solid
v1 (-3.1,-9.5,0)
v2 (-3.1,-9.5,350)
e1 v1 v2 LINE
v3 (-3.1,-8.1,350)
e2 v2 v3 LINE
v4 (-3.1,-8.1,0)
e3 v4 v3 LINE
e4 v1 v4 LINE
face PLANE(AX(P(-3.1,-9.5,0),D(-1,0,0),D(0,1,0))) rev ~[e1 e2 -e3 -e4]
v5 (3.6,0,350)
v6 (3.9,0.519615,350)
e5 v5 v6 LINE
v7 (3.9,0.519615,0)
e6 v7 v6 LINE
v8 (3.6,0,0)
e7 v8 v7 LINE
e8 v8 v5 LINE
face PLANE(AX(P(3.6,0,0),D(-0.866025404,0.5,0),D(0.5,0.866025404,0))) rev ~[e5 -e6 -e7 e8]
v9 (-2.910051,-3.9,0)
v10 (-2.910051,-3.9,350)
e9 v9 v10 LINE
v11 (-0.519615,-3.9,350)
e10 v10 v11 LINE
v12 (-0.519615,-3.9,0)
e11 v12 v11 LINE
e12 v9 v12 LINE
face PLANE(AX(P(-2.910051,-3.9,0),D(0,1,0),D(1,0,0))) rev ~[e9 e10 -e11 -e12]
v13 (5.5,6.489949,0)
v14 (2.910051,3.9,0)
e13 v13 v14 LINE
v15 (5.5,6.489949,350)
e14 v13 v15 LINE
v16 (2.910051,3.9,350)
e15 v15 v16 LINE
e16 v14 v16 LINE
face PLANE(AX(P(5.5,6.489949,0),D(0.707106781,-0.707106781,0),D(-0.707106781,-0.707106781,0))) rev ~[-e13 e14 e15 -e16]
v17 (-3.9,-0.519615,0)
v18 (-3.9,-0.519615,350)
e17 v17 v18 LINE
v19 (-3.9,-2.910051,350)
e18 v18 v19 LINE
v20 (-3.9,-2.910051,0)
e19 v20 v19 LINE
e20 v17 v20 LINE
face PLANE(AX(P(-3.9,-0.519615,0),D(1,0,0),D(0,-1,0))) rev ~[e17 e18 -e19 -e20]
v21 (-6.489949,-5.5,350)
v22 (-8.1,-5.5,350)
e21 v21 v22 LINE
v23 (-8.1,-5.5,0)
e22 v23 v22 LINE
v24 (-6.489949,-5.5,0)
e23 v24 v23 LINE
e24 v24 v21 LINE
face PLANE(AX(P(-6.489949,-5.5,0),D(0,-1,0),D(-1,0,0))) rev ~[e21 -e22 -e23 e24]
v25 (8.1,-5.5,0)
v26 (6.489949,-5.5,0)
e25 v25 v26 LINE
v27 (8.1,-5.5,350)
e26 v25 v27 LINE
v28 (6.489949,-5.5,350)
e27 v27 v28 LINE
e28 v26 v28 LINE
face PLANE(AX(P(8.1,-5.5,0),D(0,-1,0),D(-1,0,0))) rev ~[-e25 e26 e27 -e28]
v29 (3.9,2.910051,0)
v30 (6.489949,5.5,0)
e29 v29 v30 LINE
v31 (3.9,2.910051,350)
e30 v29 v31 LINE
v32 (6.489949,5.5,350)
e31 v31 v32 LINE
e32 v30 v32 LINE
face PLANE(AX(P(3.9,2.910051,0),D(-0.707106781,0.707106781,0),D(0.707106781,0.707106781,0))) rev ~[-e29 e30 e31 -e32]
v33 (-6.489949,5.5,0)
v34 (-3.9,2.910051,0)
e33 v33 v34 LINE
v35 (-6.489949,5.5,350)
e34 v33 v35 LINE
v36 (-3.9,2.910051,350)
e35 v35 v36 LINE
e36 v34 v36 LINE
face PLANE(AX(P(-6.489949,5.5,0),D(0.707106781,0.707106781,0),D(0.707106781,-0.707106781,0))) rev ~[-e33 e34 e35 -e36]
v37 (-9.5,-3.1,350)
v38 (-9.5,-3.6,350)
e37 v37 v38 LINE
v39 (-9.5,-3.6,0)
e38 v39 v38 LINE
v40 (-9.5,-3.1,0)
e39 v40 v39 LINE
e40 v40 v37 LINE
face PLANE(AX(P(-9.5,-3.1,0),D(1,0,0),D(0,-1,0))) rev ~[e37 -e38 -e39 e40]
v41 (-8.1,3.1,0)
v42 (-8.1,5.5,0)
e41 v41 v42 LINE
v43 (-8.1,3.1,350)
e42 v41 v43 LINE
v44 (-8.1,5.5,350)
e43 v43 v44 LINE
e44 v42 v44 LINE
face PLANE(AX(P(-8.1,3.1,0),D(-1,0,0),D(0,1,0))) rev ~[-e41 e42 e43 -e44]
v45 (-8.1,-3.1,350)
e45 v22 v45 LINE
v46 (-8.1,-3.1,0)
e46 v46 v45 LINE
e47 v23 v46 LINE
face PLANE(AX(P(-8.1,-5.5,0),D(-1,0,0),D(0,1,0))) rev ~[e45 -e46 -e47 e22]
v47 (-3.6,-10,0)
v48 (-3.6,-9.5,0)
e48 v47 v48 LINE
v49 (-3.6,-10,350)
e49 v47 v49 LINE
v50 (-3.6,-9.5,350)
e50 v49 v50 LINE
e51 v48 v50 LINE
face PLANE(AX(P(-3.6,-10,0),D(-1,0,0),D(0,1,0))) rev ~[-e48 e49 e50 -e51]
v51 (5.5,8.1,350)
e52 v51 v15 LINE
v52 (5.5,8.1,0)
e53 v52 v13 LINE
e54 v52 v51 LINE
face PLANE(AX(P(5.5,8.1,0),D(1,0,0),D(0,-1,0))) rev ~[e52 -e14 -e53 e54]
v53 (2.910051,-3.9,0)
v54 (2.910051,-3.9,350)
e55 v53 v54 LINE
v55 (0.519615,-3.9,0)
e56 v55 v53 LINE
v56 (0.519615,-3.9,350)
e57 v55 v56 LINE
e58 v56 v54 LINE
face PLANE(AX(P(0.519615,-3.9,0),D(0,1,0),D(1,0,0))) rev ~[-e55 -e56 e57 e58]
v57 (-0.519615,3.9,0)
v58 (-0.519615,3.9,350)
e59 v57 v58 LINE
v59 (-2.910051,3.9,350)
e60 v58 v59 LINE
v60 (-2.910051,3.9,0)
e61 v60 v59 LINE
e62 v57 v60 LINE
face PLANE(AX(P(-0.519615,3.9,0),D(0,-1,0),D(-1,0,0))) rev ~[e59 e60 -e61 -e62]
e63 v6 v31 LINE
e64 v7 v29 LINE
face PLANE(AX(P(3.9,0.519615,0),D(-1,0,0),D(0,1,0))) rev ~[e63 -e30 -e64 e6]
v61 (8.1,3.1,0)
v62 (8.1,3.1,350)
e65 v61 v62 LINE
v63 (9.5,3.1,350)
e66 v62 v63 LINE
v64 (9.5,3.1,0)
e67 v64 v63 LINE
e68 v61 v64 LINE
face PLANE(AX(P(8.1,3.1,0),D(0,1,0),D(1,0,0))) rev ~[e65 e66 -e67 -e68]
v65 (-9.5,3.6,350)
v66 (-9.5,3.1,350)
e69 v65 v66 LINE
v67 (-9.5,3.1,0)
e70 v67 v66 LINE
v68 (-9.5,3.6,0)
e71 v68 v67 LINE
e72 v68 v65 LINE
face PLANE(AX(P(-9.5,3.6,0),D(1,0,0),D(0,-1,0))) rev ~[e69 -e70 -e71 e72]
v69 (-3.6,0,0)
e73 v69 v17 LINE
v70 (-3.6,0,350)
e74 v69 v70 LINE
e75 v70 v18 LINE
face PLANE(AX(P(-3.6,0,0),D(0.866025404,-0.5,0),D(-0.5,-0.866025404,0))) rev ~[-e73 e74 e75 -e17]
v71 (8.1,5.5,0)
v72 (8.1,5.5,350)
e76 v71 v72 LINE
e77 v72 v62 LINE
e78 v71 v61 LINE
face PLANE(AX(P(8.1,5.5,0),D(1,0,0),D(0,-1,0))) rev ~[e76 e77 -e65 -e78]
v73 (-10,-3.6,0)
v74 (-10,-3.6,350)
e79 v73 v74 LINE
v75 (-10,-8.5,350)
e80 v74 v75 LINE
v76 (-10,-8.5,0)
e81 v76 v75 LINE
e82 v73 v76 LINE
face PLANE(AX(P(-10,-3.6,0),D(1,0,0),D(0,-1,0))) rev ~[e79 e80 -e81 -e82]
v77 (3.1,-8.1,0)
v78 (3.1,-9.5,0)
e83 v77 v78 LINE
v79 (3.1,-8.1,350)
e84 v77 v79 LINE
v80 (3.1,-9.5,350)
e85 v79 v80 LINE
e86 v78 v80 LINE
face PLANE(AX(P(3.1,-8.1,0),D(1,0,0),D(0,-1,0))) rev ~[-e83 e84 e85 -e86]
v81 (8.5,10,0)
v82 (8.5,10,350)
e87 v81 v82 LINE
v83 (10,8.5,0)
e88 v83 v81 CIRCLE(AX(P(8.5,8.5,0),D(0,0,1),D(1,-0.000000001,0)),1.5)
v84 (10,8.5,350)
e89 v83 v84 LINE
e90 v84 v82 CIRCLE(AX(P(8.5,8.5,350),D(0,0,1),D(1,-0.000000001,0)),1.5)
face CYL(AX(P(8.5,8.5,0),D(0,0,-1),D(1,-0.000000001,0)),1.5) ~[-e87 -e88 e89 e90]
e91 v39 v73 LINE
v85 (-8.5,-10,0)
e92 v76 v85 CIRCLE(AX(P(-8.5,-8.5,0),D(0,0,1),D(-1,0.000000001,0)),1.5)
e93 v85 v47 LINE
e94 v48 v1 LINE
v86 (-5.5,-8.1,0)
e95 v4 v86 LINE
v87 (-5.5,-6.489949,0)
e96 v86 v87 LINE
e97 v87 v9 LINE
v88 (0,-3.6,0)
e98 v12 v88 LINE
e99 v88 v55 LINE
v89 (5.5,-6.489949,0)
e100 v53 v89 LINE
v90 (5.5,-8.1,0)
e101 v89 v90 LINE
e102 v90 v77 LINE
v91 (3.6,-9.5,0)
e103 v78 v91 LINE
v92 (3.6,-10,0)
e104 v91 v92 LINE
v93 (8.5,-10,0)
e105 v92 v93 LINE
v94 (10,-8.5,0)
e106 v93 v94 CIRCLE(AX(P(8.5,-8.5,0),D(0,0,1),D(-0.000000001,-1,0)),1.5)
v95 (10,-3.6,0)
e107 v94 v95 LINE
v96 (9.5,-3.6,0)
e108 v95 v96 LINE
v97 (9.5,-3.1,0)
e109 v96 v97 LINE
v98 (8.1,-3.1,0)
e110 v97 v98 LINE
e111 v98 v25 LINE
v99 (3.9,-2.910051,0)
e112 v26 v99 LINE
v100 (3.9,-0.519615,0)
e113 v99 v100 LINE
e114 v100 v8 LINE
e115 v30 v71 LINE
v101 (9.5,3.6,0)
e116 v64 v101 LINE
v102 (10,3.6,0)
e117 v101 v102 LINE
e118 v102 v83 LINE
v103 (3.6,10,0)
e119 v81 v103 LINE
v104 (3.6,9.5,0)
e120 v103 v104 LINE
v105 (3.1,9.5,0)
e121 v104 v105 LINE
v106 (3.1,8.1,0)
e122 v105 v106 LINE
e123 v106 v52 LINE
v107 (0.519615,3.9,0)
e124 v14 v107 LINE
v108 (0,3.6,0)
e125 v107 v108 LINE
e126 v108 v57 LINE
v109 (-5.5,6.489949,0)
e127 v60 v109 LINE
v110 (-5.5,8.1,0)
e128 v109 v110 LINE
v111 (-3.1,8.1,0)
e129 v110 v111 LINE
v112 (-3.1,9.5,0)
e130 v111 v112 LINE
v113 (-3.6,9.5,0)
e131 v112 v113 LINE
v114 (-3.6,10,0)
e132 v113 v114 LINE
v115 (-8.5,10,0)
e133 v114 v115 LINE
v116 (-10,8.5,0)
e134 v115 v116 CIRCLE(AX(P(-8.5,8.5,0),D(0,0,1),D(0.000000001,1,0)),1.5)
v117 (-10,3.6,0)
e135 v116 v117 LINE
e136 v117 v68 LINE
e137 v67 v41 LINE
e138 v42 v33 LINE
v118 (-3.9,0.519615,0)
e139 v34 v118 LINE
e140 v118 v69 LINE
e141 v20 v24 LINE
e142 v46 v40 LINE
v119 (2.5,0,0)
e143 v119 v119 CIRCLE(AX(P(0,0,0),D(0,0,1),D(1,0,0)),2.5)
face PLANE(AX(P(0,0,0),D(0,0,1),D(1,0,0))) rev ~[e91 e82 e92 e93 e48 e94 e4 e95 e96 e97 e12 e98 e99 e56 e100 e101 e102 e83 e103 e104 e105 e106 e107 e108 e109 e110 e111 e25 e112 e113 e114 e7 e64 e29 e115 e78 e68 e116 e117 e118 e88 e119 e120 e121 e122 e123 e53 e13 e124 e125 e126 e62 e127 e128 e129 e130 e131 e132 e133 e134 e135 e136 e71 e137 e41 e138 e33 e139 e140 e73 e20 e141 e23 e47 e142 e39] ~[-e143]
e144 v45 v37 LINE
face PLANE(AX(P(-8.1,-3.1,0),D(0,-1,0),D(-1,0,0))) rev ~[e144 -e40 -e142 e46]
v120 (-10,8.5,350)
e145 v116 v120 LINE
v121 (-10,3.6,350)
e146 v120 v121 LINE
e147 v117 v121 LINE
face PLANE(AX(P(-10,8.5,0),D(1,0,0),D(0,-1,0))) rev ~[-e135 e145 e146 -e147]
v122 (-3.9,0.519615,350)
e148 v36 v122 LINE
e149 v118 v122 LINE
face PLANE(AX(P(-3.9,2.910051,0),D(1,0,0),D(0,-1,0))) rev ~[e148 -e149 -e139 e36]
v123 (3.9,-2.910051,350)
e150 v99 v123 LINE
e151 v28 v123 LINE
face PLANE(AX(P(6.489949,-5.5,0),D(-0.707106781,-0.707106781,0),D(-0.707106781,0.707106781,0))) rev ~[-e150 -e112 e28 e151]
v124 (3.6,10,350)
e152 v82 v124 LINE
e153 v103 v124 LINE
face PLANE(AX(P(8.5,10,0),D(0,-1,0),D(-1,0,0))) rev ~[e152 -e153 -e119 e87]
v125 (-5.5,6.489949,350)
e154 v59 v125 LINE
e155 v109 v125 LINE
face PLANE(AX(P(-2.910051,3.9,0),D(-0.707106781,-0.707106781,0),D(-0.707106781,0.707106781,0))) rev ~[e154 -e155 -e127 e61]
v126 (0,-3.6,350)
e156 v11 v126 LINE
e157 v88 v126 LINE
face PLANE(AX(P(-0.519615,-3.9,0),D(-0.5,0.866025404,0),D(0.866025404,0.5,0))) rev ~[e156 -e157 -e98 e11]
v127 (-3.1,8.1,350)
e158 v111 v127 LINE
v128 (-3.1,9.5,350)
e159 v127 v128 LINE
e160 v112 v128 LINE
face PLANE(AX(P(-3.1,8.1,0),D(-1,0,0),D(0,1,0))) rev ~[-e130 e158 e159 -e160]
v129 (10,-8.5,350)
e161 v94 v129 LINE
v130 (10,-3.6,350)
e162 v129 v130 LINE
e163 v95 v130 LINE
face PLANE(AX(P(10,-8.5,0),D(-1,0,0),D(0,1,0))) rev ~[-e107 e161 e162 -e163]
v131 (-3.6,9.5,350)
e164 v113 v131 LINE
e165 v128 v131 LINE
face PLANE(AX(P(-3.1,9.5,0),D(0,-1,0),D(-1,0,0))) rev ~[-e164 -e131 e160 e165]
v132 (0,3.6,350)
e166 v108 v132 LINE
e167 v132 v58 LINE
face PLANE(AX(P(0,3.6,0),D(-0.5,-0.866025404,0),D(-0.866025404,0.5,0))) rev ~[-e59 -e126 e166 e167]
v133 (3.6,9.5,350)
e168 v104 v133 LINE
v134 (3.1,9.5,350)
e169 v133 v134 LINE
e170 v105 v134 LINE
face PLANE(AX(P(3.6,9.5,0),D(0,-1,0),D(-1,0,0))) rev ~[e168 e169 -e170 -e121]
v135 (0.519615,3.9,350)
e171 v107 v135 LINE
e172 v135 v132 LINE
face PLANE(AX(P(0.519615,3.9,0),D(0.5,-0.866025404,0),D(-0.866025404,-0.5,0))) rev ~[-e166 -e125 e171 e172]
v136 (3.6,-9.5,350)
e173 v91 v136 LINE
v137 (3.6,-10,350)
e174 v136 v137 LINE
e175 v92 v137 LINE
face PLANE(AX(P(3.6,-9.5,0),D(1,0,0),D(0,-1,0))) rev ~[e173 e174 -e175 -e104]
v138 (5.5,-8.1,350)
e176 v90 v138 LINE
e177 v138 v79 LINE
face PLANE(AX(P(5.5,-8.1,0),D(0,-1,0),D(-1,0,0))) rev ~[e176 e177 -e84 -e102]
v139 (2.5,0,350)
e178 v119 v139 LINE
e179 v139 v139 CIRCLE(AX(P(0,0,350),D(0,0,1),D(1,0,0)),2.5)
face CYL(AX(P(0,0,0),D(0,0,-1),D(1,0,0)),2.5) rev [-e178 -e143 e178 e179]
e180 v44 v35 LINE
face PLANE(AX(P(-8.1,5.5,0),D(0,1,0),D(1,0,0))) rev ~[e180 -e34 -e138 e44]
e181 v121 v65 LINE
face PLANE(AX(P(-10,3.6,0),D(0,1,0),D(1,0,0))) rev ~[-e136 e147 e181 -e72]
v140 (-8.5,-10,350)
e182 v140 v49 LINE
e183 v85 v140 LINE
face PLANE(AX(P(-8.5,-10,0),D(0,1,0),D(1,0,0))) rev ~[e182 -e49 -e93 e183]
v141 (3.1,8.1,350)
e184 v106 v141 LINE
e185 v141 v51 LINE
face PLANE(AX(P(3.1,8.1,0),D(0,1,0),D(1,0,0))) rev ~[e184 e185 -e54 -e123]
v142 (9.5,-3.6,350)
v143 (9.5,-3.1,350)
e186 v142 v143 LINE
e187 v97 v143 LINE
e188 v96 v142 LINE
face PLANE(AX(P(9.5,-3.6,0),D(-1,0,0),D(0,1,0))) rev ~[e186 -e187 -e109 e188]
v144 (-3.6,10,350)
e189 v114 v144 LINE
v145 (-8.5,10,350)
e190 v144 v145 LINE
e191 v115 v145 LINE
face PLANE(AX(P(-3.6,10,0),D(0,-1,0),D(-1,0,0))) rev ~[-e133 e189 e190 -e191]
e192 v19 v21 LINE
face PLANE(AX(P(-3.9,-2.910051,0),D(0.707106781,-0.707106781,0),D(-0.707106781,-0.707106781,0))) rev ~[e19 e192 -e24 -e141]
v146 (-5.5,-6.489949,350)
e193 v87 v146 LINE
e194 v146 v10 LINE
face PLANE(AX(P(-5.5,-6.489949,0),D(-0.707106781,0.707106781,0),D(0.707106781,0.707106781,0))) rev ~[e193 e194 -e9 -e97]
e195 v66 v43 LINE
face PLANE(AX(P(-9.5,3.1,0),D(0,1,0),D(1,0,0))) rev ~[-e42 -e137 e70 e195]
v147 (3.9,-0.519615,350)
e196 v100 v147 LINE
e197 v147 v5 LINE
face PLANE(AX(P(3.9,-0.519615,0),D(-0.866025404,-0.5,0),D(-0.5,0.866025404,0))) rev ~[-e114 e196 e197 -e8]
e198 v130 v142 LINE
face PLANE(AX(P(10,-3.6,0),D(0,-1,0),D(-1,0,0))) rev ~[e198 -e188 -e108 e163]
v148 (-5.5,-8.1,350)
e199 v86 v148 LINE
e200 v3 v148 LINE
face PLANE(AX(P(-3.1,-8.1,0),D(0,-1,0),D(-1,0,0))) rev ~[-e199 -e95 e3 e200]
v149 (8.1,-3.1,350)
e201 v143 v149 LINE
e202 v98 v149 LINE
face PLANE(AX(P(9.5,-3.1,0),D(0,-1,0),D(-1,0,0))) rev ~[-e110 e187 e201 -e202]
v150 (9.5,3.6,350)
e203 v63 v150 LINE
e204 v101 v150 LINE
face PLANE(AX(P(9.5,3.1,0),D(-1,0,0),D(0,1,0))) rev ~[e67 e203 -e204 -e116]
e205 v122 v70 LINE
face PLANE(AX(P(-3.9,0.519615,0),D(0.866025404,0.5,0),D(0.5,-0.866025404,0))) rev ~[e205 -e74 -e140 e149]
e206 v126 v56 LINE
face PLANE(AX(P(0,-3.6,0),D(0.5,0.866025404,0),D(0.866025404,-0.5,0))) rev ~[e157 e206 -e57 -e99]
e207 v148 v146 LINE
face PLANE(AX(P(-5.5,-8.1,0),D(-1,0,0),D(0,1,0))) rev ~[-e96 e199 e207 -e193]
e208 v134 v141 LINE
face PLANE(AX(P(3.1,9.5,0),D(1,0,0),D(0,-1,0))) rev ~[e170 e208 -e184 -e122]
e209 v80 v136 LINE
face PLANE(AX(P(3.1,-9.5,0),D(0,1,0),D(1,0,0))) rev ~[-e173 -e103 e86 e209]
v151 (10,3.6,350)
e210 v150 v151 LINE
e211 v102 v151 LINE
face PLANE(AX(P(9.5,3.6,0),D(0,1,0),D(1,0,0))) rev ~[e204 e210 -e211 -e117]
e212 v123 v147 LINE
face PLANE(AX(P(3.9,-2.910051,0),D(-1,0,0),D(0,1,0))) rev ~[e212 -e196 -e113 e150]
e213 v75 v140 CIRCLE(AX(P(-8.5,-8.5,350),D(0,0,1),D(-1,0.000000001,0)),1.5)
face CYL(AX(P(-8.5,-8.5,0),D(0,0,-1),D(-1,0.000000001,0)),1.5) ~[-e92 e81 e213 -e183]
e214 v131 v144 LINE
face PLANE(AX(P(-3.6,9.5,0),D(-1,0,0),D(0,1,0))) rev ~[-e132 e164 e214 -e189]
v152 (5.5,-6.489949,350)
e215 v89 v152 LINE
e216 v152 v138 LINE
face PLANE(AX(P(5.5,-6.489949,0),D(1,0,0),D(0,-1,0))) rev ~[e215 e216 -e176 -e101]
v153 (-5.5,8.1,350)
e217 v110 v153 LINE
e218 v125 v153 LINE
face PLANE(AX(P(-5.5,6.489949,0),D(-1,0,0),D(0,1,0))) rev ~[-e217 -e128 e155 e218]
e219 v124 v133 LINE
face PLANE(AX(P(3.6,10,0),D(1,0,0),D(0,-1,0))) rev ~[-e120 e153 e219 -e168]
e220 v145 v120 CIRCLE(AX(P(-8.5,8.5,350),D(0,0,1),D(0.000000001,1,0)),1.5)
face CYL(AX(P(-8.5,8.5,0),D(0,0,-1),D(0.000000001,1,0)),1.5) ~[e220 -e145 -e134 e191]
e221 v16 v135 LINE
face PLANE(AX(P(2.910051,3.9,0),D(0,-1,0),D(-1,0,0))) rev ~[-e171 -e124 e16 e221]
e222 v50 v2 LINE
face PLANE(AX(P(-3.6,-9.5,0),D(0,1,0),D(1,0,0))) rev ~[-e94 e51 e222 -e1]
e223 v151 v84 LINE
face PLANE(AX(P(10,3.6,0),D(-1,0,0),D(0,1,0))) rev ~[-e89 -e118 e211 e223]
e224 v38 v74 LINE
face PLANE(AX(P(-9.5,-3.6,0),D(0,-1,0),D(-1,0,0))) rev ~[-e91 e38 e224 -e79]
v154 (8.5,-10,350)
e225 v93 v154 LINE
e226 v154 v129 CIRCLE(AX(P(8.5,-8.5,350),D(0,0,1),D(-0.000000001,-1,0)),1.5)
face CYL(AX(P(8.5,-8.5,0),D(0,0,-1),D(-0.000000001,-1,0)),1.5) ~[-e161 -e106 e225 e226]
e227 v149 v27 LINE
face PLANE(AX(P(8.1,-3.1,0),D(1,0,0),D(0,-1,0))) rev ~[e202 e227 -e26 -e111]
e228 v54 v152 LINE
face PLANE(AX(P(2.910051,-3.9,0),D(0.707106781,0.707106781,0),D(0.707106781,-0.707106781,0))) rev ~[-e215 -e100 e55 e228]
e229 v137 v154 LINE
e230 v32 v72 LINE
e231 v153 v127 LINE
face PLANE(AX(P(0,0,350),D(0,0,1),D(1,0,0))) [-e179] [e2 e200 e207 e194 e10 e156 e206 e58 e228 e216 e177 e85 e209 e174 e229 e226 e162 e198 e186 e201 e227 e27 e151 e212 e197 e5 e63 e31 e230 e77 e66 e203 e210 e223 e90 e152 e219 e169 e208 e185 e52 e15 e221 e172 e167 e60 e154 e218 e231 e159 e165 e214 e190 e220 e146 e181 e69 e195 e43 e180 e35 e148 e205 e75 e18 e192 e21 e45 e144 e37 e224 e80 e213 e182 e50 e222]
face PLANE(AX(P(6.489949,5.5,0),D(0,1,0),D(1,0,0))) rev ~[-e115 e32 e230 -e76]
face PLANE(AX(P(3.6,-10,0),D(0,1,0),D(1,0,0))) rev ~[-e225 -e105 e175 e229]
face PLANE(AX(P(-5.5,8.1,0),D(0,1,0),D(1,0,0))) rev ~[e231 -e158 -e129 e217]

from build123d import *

# Parameters (mm, degrees)
SKETCH_28_R     = 2.5
EXTRUDE_1_DEPTH = 350


with BuildPart() as part:
    # 草图28 → 凸台-拉伸1 (new body)
    with BuildSketch(Plane.XY):
        with BuildLine():
            Line((-3.9, -0.519615242), (-3.9, -2.910050506))
            Line((-3.9, -2.910050506), (-6.489949494, -5.5))
            Line((-6.489949494, -5.5), (-8.1, -5.5))
            Line((-8.1, -5.5), (-8.1, -3.1))
            Line((-8.1, -3.1), (-9.5, -3.1))
            Line((-9.5, -3.1), (-9.5, -3.6))
            Line((-9.5, -3.6), (-10, -3.6))
            Line((-10, -3.6), (-10, -8.5))
            ThreePointArc((-10, -8.5), (-9.560660172, -9.560660172), (-8.5, -10))
            Line((-8.5, -10), (-3.6, -10))
            Line((-3.6, -10), (-3.6, -9.5))
            Line((-3.6, -9.5), (-3.1, -9.5))
            Line((-3.1, -9.5), (-3.1, -8.1))
            Line((-3.1, -8.1), (-5.5, -8.1))
            Line((-5.5, -8.1), (-5.5, -6.489949494))
            Line((-5.5, -6.489949494), (-2.910050506, -3.9))
            Line((-2.910050506, -3.9), (-0.519615242, -3.9))
            Line((-0.519615242, -3.9), (0, -3.6))
            Line((0, -3.6), (0.519615242, -3.9))
            Line((0.519615242, -3.9), (2.910050506, -3.9))
            Line((2.910050506, -3.9), (5.5, -6.489949494))
            Line((5.5, -6.489949494), (5.5, -8.1))
            Line((5.5, -8.1), (3.1, -8.1))
            Line((3.1, -8.1), (3.1, -9.5))
            Line((3.1, -9.5), (3.6, -9.5))
            Line((3.6, -9.5), (3.6, -10))
            Line((3.6, -10), (8.5, -10))
            ThreePointArc((8.5, -10), (9.560660172, -9.560660172), (10, -8.5))
            Line((10, -8.5), (10, -3.6))
            Line((10, -3.6), (9.5, -3.6))
            Line((9.5, -3.6), (9.5, -3.1))
            Line((9.5, -3.1), (8.1, -3.1))
            Line((8.1, -3.1), (8.1, -5.5))
            Line((8.1, -5.5), (6.489949494, -5.5))
            Line((6.489949494, -5.5), (3.9, -2.910050506))
            Line((3.9, -2.910050506), (3.9, -0.519615242))
            Line((3.9, -0.519615242), (3.6, 0))
            Line((3.6, 0), (3.9, 0.519615242))
            Line((3.9, 0.519615242), (3.9, 2.910050506))
            Line((3.9, 2.910050506), (6.489949494, 5.5))
            Line((6.489949494, 5.5), (8.1, 5.5))
            Line((8.1, 5.5), (8.1, 3.1))
            Line((8.1, 3.1), (9.5, 3.1))
            Line((9.5, 3.1), (9.5, 3.6))
            Line((9.5, 3.6), (10, 3.6))
            Line((10, 3.6), (10, 8.5))
            ThreePointArc((10, 8.5), (9.560660172, 9.560660172), (8.5, 10))
            Line((8.5, 10), (3.6, 10))
            Line((3.6, 10), (3.6, 9.5))
            Line((3.6, 9.5), (3.1, 9.5))
            Line((3.1, 9.5), (3.1, 8.1))
            Line((3.1, 8.1), (5.5, 8.1))
            Line((5.5, 8.1), (5.5, 6.489949494))
            Line((5.5, 6.489949494), (2.910050506, 3.9))
            Line((2.910050506, 3.9), (0.519615242, 3.9))
            Line((0.519615242, 3.9), (0, 3.6))
            Line((0, 3.6), (-0.519615242, 3.9))
            Line((-0.519615242, 3.9), (-2.910050506, 3.9))
            Line((-2.910050506, 3.9), (-5.5, 6.489949494))
            Line((-5.5, 6.489949494), (-5.5, 8.1))
            Line((-5.5, 8.1), (-3.1, 8.1))
            Line((-3.1, 8.1), (-3.1, 9.5))
            Line((-3.1, 9.5), (-3.6, 9.5))
            Line((-3.6, 9.5), (-3.6, 10))
            Line((-3.6, 10), (-8.5, 10))
            ThreePointArc((-8.5, 10), (-9.560660172, 9.560660172), (-10, 8.5))
            Line((-10, 8.5), (-10, 3.6))
            Line((-10, 3.6), (-9.5, 3.6))
            Line((-9.5, 3.6), (-9.5, 3.1))
            Line((-9.5, 3.1), (-8.1, 3.1))
            Line((-8.1, 3.1), (-8.1, 5.5))
            Line((-8.1, 5.5), (-6.489949494, 5.5))
            Line((-6.489949494, 5.5), (-3.9, 2.910050506))
            Line((-3.9, 2.910050506), (-3.9, 0.519615242))
            Line((-3.9, 0.519615242), (-3.6, 0))
            Line((-3.6, 0), (-3.9, -0.519615242))
        make_face()
        Circle(SKETCH_28_R, mode=Mode.SUBTRACT)
    extrude(amount=EXTRUDE_1_DEPTH)


solid = part.part
